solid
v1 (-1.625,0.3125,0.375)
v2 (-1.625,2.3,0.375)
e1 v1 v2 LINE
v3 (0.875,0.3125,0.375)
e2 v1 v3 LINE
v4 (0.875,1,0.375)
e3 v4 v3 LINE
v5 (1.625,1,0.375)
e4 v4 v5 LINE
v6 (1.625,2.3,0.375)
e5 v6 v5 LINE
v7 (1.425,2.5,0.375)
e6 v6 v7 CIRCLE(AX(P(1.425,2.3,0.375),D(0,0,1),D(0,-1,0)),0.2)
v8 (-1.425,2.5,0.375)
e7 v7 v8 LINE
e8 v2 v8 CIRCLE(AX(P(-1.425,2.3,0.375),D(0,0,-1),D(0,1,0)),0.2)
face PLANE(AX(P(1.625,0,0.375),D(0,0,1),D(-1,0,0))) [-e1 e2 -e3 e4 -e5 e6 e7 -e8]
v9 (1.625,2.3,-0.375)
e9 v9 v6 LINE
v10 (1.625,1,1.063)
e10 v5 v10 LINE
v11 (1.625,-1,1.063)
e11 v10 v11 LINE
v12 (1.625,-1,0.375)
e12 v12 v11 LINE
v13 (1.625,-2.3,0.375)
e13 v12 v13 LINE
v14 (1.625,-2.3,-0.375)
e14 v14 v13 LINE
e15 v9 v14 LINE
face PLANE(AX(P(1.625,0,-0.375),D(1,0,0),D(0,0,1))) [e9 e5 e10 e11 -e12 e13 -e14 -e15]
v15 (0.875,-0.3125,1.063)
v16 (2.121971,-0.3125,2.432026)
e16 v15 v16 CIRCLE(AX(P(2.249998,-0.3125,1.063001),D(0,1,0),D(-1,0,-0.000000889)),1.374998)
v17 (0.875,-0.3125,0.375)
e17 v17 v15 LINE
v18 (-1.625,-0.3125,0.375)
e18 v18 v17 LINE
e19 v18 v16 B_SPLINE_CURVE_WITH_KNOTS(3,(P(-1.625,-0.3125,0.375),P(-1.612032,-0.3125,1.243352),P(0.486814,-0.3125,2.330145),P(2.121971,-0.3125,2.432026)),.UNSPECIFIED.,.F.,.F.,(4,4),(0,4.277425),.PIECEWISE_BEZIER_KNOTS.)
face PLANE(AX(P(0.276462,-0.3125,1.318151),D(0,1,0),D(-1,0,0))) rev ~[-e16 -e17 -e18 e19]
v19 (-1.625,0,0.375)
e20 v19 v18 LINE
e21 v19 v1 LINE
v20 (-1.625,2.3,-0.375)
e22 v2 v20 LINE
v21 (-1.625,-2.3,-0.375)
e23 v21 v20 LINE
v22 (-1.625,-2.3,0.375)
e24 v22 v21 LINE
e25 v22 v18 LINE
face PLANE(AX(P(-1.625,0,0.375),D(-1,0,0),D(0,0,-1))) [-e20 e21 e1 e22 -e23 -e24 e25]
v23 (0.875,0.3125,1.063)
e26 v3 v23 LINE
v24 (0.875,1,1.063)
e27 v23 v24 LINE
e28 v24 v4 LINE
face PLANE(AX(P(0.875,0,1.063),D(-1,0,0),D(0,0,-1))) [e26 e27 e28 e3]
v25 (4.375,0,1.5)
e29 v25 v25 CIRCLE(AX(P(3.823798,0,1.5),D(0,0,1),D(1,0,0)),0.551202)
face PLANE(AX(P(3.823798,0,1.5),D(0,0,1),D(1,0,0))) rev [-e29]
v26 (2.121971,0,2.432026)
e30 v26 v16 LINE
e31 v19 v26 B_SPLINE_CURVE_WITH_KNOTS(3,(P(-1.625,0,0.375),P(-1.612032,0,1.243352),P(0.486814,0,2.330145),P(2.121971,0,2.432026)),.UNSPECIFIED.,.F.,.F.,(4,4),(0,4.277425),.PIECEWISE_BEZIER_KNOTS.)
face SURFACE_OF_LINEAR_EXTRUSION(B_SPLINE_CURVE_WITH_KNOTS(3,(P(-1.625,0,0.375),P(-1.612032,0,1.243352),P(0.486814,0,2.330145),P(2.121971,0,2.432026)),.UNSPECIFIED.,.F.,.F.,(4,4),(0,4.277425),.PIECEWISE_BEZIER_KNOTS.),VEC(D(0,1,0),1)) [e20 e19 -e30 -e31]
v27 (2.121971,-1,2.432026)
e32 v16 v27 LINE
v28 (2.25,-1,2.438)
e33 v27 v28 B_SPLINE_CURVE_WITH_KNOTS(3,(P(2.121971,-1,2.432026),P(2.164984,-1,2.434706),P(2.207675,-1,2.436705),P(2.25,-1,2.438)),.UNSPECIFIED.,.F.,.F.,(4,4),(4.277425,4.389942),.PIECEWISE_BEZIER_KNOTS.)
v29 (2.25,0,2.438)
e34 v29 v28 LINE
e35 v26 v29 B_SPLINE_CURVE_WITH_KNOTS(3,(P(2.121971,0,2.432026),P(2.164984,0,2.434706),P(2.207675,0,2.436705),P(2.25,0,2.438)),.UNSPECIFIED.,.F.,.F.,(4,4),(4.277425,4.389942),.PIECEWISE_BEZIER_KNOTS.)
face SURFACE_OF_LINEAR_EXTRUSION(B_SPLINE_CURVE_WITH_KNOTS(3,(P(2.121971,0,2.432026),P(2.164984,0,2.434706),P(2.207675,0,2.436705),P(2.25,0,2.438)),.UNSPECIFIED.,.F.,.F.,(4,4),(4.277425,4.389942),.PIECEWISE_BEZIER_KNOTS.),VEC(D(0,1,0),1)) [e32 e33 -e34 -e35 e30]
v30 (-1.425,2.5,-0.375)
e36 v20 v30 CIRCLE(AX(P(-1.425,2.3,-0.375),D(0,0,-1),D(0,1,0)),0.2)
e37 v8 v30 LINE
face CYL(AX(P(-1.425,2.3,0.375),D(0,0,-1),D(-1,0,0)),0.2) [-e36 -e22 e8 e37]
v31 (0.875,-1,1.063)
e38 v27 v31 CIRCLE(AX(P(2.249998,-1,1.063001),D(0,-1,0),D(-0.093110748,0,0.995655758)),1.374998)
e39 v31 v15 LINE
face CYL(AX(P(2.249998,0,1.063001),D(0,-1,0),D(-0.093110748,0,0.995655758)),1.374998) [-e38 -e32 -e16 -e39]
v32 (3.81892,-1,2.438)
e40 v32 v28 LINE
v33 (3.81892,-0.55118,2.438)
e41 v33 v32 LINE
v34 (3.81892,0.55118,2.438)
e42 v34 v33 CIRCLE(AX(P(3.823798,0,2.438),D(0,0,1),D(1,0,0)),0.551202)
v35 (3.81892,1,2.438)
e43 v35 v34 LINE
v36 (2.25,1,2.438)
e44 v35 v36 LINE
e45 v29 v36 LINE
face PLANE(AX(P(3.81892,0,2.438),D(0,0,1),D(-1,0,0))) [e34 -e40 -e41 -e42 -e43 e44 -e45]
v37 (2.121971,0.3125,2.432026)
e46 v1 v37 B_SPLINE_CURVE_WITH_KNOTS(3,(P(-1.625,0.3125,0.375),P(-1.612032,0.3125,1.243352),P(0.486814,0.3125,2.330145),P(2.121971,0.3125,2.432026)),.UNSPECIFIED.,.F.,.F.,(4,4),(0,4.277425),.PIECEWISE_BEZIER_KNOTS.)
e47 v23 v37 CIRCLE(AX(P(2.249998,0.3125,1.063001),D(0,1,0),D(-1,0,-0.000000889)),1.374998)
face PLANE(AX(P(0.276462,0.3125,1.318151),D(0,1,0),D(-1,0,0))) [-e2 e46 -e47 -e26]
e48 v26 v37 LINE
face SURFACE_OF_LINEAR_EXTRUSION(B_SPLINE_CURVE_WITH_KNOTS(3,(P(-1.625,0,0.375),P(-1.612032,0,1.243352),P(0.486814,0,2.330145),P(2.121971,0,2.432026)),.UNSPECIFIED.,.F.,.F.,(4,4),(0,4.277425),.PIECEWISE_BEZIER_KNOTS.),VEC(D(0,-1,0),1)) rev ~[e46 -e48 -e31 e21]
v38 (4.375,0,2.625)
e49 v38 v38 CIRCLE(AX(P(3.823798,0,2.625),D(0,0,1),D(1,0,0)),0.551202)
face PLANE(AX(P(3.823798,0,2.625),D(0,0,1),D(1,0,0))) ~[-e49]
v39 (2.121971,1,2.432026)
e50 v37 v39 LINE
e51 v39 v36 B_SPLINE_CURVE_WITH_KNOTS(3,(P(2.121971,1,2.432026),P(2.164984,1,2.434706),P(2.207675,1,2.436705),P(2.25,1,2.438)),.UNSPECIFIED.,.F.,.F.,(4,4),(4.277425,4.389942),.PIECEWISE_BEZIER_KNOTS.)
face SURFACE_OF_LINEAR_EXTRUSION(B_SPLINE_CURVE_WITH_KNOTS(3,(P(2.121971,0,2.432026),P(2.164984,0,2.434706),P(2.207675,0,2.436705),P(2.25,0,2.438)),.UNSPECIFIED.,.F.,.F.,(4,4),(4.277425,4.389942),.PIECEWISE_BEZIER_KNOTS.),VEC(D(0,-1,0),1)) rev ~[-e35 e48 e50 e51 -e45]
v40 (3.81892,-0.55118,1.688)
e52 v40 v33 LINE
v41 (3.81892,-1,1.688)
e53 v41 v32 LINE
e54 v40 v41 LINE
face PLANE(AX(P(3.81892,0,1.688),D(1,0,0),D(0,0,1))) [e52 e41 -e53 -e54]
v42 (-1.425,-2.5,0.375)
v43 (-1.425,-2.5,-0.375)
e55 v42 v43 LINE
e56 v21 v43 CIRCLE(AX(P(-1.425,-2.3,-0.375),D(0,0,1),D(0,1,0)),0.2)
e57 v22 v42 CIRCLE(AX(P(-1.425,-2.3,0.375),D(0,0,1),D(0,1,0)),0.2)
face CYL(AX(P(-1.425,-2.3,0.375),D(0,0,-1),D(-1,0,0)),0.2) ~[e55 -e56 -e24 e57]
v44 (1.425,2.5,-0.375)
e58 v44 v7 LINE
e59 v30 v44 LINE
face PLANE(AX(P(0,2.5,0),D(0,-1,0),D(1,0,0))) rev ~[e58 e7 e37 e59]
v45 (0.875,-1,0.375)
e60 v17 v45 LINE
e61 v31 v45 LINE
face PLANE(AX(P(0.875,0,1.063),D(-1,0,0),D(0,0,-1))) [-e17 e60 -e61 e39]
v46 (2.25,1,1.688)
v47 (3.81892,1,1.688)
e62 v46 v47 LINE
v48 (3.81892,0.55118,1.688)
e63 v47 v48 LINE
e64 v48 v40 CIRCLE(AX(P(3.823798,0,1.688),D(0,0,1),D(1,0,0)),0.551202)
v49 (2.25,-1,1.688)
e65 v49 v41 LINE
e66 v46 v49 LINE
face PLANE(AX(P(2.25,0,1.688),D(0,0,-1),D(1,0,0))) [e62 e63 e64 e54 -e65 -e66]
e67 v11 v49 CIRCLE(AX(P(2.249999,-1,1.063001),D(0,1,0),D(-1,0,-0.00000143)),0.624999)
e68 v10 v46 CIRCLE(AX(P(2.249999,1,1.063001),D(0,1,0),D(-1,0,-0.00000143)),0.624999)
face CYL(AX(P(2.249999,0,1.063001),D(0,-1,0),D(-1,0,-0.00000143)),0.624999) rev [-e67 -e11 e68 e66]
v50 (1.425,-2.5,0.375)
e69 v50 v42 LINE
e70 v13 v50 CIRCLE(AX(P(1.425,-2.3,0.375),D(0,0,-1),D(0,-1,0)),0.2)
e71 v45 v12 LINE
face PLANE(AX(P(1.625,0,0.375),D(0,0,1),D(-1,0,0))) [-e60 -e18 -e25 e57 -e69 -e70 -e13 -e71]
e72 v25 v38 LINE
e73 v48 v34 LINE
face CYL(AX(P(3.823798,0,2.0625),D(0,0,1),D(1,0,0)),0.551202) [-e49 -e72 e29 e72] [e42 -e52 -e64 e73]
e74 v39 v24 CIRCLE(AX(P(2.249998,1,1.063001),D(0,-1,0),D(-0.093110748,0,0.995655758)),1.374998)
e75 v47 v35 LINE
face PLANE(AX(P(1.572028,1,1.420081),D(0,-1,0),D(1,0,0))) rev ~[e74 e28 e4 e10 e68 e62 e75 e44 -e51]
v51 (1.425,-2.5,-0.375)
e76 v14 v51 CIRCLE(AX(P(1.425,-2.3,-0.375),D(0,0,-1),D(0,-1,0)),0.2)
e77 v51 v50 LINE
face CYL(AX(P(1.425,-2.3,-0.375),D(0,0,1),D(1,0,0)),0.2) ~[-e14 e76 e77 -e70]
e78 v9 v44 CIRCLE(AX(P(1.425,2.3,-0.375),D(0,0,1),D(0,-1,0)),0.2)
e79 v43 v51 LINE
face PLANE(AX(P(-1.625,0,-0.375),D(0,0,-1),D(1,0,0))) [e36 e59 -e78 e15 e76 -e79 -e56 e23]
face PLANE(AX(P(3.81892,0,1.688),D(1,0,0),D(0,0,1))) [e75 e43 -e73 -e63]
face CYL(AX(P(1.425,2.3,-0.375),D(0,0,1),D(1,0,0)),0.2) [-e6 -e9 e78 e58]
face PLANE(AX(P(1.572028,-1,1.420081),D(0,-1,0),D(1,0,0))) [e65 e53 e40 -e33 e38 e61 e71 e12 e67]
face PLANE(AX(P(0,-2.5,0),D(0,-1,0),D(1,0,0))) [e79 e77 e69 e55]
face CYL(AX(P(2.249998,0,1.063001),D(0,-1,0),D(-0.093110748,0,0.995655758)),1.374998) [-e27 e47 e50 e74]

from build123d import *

# Parameters (mm, degrees)
F1_DEPTH = 2.5
F0_W     = 1.443921
F0_H     = 0.75
F2_DEPTH = 1
F3_DEPTH = 0.3125
F0_W_2   = 0.551202
F0_H_2   = 1.125
F5_R     = 0.2


with BuildPart() as f1:
    # F0 (on Front) → F1 (new body, symmetric)
    with BuildSketch(Plane.XZ):
        Polygon((-1.625, -0.375), (1.625, -0.375), (1.625, 0.375), (0.875, 0.375), (-1.625, 0.375), align=None)
    extrude(amount=F1_DEPTH, both=True)

    # F0 (on Front) → F2 (join, symmetric)
    with BuildSketch(Plane.XZ):
        with BuildLine():
            Line((0.875, 0.375), (1.625, 0.375))
            Line((1.625, 0.375), (1.625, 1.063))
            ThreePointArc((1.625, 1.063), (1.808058, 1.504942), (2.25, 1.688))
            Line((2.25, 1.688), (2.375, 1.688))
            Line((2.375, 1.688), (2.375, 2.438))
            Line((2.375, 2.438), (2.25, 2.438))
            add(Edge.make_bspline(
                [(2.121971, 2.432026), (2.164984, 2.434706), (2.207675, 2.436705), (2.25, 2.438)],
                knots=[4.277425, 4.277425, 4.277425, 4.277425, 4.389942, 4.389942, 4.389942, 4.389942], degree=3))
            ThreePointArc((2.121971, 2.432026), (1.23347, 1.988901), (0.875, 1.063))
            Line((0.875, 1.063), (0.875, 0.375))
        make_face()
        with Locations((3.09696, 2.063)):
            Rectangle(F0_W, F0_H)
    extrude(amount=F2_DEPTH, both=True)

    # F0 (on Front) → F3 (join, symmetric)
    with BuildSketch(Plane.XZ):
        with BuildLine():
            add(Edge.make_bspline(
                [(-1.625, 0.375), (-1.612032, 1.243352), (0.486814, 2.330145), (2.121971, 2.432026)],
                knots=[0, 0, 0, 0, 4.277425, 4.277425, 4.277425, 4.277425], degree=3))
            Line((-1.625, 0.375), (0.875, 0.375))
            Line((0.875, 0.375), (0.875, 1.063))
            ThreePointArc((0.875, 1.063), (1.23347, 1.988901), (2.121971, 2.432026))
        make_face()
    extrude(amount=F3_DEPTH, both=True)

    # F0 (on Front) → F4 (revolve)
    with BuildSketch(Plane.XZ):
        with Locations((4.099399, 2.0625)):
            Rectangle(F0_W_2, F0_H_2)
    revolve(axis=Axis((3.823798, 0, 2.0625), (0, 0, 1)))

    # F5
    f5_edges = [f1.edges().sort_by_distance(p)[0] for p in [
        (-1.625, -2.5, 0),
        (1.625, -2.5, 0),
        (1.625, 2.5, 0),
        (-1.625, 2.5, 0),
    ]]
    fillet(f5_edges, radius=F5_R)


solid = f1.part
